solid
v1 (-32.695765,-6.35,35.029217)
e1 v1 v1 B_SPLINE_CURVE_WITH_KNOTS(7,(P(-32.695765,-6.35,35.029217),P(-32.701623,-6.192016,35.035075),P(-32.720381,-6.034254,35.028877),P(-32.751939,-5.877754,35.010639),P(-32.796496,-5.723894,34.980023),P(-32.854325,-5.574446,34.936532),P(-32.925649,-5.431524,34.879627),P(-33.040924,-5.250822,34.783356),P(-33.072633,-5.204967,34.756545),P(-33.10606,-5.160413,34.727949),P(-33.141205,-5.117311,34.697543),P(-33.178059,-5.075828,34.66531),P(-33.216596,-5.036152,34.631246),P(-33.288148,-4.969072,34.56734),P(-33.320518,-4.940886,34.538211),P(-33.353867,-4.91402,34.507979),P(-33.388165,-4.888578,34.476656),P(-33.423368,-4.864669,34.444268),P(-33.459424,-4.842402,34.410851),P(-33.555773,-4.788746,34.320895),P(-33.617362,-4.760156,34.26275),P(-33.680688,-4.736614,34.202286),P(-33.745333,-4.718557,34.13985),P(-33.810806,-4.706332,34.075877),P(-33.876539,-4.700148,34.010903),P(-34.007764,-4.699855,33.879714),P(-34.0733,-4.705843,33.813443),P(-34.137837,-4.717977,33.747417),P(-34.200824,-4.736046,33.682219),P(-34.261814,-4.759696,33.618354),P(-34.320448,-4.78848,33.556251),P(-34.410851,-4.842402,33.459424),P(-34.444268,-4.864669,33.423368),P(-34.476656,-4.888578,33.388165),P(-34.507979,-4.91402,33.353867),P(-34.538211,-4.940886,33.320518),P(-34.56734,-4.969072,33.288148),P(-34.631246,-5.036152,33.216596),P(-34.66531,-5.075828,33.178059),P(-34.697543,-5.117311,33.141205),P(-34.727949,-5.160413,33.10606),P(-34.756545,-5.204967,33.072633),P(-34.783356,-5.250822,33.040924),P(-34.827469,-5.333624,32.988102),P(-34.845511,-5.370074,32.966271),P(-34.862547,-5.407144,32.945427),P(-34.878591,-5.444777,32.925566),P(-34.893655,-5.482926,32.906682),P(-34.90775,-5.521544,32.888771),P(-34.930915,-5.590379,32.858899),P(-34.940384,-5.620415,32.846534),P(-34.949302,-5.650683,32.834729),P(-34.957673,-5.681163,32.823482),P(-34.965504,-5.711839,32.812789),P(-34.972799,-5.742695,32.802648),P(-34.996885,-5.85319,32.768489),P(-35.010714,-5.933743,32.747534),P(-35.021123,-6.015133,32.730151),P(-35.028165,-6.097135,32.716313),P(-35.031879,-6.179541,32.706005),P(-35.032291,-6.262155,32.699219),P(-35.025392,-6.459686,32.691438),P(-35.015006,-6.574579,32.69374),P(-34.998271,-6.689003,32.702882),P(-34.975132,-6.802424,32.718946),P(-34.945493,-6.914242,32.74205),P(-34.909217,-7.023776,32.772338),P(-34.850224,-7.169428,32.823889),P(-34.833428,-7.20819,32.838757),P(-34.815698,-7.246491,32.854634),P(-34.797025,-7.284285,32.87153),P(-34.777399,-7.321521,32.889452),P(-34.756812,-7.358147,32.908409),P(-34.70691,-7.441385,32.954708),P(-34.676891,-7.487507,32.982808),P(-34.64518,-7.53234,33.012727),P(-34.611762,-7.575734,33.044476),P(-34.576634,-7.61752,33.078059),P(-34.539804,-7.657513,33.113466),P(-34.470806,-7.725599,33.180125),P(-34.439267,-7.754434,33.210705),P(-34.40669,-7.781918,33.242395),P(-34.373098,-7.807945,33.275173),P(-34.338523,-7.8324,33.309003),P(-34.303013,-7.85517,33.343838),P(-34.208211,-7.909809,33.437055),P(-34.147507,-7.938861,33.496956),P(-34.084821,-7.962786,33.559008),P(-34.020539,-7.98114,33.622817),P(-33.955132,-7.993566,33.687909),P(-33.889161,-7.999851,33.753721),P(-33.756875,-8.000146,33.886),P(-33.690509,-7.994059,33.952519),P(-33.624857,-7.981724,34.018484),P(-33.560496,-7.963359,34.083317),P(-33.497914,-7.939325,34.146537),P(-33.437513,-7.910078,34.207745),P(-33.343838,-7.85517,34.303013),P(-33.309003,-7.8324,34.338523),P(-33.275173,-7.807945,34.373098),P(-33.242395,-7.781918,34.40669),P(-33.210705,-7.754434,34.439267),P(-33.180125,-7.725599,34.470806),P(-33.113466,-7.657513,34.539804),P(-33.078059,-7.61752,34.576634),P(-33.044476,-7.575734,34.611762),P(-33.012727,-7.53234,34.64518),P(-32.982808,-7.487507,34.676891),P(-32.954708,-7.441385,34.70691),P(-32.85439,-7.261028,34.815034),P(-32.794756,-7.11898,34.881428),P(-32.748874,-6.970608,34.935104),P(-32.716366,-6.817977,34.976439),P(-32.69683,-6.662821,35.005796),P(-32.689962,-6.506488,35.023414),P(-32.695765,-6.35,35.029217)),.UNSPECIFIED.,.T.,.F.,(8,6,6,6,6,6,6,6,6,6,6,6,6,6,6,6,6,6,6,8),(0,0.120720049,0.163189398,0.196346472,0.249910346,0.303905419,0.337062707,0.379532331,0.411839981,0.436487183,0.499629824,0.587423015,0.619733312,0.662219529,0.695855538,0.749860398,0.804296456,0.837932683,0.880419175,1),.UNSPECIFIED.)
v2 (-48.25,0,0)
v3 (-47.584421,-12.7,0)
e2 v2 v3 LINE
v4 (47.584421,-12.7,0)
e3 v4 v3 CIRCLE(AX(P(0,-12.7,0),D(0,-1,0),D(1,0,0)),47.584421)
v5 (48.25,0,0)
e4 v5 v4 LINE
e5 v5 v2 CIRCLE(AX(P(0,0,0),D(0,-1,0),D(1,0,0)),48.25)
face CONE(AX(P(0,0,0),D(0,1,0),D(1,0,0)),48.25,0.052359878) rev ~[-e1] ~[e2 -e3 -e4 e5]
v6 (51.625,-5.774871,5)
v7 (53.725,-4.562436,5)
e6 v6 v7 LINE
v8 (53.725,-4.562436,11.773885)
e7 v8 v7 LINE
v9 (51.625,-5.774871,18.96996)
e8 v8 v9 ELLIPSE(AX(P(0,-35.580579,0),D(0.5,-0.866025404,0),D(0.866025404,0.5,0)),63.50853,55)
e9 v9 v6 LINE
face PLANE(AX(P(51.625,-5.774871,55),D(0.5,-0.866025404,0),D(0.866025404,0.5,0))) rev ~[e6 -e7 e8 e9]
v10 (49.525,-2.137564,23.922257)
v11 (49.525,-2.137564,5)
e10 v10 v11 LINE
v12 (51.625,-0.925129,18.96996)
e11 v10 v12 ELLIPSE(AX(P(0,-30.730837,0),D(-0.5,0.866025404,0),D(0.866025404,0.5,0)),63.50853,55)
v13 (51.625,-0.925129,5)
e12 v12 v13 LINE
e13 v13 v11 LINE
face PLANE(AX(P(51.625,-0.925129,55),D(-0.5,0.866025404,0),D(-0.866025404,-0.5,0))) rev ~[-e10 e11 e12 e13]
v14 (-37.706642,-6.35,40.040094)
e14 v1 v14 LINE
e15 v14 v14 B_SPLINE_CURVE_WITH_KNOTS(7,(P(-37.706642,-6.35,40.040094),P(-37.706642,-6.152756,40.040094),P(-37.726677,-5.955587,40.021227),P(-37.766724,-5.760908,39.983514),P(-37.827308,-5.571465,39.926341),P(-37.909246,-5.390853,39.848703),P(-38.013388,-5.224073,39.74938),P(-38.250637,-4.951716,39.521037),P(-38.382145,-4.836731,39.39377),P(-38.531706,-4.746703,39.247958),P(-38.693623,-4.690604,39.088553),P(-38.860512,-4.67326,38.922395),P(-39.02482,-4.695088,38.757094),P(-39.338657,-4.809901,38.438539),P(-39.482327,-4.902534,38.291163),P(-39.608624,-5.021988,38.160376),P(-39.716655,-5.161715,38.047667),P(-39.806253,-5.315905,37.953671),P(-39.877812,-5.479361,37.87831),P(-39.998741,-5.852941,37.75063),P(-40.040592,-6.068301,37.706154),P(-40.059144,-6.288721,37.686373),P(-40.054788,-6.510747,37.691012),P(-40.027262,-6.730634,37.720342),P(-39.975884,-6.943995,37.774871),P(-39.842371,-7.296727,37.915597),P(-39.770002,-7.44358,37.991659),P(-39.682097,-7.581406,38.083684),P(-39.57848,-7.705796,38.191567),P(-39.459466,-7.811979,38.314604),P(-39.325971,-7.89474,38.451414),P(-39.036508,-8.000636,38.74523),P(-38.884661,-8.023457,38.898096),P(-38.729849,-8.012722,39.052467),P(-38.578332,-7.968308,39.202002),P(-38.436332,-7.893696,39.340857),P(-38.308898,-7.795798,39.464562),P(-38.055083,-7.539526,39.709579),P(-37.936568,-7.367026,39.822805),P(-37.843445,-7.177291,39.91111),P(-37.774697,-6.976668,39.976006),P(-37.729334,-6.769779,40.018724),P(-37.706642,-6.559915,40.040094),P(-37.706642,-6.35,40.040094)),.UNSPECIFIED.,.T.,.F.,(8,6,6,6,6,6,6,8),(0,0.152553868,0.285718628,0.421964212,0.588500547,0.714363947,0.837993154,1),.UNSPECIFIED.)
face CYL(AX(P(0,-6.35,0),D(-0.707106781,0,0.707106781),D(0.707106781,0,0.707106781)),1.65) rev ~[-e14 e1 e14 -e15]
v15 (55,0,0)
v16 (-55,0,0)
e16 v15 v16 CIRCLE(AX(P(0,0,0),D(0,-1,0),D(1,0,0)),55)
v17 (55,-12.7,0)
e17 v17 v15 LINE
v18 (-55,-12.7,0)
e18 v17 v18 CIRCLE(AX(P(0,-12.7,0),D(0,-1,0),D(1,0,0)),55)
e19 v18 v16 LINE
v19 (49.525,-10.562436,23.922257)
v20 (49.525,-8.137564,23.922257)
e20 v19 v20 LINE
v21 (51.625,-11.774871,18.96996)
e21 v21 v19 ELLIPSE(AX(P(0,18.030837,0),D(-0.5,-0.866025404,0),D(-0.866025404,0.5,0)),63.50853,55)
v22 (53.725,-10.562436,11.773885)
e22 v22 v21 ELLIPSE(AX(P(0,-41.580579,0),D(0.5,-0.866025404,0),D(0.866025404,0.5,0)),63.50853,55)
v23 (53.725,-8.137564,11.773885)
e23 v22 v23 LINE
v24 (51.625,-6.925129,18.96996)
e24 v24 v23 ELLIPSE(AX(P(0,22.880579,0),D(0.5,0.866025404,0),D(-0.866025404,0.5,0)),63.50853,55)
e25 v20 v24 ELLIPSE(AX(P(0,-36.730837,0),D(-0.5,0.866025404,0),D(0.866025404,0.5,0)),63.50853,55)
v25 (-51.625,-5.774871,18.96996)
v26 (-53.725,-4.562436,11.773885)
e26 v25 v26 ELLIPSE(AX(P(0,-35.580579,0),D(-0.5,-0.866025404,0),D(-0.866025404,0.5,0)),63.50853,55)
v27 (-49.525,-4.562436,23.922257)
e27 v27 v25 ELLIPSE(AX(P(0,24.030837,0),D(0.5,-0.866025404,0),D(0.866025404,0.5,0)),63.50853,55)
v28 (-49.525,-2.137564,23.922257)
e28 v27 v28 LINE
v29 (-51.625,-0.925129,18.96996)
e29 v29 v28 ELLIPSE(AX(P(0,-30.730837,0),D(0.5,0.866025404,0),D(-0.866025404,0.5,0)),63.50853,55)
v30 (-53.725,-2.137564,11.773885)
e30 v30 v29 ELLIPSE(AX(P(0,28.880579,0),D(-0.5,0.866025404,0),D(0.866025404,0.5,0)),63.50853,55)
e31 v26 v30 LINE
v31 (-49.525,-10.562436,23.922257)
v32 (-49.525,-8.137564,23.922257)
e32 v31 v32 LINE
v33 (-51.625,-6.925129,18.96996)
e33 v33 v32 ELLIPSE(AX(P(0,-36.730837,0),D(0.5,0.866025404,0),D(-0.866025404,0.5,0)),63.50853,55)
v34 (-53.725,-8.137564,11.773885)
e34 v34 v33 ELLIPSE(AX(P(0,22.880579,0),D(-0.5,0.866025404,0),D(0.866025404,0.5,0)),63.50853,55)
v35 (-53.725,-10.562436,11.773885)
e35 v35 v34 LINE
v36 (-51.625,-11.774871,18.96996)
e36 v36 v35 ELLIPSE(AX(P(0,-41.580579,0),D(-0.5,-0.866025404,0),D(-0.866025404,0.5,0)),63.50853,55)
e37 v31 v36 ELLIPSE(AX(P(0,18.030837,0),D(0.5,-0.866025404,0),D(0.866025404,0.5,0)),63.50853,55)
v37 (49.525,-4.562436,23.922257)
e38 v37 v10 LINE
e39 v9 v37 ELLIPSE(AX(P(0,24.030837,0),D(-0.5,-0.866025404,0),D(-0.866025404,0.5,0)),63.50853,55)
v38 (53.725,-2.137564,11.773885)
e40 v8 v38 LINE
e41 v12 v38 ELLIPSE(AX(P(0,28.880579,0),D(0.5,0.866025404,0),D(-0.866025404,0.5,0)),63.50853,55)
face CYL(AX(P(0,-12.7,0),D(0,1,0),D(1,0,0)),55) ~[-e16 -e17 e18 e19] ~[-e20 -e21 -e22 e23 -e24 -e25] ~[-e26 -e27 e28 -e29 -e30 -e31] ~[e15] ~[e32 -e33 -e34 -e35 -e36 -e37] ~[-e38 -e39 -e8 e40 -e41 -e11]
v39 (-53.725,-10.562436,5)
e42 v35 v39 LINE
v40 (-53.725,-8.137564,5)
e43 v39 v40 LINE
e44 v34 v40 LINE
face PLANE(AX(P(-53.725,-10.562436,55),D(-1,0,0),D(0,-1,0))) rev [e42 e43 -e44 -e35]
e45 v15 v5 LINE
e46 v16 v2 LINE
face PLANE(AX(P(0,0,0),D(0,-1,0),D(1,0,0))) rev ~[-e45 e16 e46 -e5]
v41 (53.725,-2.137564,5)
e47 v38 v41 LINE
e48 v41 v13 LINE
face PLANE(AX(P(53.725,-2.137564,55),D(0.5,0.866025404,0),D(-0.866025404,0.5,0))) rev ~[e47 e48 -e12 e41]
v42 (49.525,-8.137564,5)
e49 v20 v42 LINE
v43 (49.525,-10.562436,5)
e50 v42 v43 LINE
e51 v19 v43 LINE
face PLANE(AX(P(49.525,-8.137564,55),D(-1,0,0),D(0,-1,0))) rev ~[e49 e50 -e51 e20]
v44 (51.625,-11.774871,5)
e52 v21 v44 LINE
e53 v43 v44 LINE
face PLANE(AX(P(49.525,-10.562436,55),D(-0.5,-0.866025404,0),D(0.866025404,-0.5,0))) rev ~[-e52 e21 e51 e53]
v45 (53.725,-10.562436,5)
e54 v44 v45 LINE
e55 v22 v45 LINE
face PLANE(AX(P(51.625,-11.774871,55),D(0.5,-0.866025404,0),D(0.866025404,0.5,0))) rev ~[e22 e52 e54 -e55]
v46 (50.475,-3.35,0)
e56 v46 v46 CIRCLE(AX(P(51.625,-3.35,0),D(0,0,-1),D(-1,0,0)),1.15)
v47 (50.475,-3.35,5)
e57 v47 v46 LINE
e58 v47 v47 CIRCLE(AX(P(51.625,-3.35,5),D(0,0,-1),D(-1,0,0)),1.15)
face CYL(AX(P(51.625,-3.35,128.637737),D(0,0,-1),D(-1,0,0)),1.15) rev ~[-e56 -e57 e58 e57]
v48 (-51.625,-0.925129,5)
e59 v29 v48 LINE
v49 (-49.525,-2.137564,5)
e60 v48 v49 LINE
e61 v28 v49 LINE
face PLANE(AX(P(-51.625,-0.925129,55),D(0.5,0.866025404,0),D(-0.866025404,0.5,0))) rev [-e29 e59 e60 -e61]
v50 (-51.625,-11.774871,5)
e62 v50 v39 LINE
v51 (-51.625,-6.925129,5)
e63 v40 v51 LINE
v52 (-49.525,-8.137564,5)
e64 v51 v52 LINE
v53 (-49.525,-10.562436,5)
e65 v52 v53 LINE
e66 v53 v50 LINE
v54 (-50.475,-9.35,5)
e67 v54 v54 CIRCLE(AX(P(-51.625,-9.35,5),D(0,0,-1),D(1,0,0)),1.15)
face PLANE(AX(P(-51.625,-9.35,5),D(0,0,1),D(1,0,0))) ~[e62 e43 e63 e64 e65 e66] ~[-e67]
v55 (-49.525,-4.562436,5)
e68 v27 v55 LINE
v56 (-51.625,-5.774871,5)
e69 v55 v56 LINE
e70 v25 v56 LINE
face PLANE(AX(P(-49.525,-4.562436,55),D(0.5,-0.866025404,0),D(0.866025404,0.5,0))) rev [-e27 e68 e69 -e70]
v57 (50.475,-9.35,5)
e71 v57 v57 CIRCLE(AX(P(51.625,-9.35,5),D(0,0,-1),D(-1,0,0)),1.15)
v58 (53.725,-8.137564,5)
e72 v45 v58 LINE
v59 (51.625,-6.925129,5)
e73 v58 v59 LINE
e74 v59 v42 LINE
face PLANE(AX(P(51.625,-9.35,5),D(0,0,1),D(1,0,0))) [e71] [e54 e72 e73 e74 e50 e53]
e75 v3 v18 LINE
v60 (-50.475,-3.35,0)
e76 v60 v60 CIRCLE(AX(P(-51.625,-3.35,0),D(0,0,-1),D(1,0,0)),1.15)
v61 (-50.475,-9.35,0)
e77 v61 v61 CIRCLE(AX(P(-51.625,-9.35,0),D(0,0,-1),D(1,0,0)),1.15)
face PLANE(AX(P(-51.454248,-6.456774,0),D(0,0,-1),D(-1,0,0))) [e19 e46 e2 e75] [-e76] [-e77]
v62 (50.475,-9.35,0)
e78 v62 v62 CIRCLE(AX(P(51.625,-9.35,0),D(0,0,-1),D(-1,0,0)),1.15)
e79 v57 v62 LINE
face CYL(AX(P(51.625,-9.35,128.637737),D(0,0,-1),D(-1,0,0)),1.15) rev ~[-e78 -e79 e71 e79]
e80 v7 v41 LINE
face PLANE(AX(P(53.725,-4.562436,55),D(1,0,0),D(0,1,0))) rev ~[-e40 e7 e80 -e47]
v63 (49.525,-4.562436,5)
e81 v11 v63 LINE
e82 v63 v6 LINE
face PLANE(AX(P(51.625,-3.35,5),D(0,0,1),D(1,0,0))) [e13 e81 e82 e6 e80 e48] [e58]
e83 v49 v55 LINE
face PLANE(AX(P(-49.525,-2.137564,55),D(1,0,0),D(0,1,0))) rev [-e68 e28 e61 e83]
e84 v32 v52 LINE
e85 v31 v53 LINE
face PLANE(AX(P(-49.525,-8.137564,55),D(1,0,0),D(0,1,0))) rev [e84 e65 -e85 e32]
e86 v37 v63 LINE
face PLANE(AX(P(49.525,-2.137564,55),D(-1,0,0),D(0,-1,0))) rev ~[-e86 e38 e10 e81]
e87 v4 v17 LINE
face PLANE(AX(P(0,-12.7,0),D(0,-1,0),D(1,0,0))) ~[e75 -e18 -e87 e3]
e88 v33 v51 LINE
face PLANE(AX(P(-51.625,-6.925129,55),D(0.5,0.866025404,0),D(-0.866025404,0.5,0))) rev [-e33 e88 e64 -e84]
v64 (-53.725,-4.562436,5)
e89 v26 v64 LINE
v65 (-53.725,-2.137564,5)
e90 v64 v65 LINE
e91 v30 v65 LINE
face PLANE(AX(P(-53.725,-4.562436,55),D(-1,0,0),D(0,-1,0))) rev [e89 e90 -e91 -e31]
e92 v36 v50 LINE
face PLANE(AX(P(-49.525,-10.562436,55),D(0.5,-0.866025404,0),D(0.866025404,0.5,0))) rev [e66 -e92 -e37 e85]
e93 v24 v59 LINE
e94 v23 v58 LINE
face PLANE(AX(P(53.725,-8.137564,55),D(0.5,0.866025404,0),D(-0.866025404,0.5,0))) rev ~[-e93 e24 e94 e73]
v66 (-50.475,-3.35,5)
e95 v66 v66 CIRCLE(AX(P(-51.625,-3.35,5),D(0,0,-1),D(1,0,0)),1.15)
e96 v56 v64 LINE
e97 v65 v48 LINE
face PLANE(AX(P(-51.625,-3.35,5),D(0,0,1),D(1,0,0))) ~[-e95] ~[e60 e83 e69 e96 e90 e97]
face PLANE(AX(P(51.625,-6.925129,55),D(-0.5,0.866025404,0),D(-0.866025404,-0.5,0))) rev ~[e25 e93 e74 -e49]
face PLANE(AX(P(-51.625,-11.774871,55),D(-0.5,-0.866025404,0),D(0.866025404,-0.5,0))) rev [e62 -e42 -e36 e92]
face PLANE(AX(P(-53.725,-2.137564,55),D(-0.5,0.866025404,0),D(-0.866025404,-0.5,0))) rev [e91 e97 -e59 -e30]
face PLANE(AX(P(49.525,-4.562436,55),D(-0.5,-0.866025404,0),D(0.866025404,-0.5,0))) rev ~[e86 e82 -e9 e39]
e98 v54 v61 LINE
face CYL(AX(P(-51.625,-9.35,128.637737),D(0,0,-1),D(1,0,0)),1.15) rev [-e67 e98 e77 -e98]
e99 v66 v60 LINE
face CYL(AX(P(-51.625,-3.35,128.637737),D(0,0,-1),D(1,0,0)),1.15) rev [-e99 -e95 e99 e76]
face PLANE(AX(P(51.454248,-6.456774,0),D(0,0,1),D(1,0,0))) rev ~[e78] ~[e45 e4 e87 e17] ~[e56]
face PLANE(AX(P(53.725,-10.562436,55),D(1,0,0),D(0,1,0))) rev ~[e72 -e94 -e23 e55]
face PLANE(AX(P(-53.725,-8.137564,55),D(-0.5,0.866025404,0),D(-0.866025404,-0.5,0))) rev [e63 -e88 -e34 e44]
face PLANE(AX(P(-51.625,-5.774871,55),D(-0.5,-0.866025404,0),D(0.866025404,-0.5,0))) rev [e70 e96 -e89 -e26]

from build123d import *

# Parameters (mm, degrees)
REVOLVE2_ANGLE        = 180
CUT_EXTRUDE1_DEPTH    = 50
F_2_0MM_DOWEL_HOLE1_D = 2.3
SKETCH13_R            = 1.65
CUT_EXTRUDE2_DEPTH    = 100


with BuildPart() as part:
    # Sketch3 → Revolve2 (revolve)
    with BuildSketch(Plane.XY):
        Polygon((48.25, 0), (47.584421203, -12.7), (55, -12.7), (55, 0), align=None)
    revolve(axis=Axis((0, 50.355486862, 0), (0, -1, 0)), revolution_arc=REVOLVE2_ANGLE)

    # Sketch9 → Cut-Extrude1 (cut)
    with BuildSketch(Plane.XY.offset(55)):
        Polygon((53.725, -4.562435565), (53.725, -2.137564435), (51.625, -0.925128869), (49.525, -2.137564435), (49.525, -4.562435565), (51.625, -5.774871131), align=None)
        Polygon((53.725, -10.562435565), (53.725, -8.137564435), (51.625, -6.925128869), (49.525, -8.137564435), (49.525, -10.562435565), (51.625, -11.774871131), align=None)
    cut_extrude1 = extrude(amount=-CUT_EXTRUDE1_DEPTH, mode=Mode.SUBTRACT)

    # Ø2.0mm Dowel Hole1 (through all)
    with Locations(Plane.XY.offset(5)):
        with Locations((51.625, -9.35), (51.625, -3.35)):
            f_2_0mm_dowel_hole1 = Hole(F_2_0MM_DOWEL_HOLE1_D / 2)

    # Mirror2: Cut-Extrude1, Ø2.0mm Dowel Hole1 across plane
    add(cut_extrude1.mirror(Plane(origin=(0, 0, 0), x_dir=(0, 0, 1), z_dir=(1, 0, 0))), mode=Mode.SUBTRACT)
    add(f_2_0mm_dowel_hole1.mirror(Plane(origin=(0, 0, 0), x_dir=(0, 0, 1), z_dir=(1, 0, 0))), mode=Mode.SUBTRACT)

    # Sketch13 → Cut-Extrude2 (cut, symmetric)
    with BuildSketch(Plane(origin=(0, 0, 0), x_dir=(0.707106781, 0, 0.707106781), z_dir=(-0.707106781, 0, 0.707106781))):
        with Locations((0, -6.35)):
            Circle(SKETCH13_R)
    extrude(amount=CUT_EXTRUDE2_DEPTH, both=True, mode=Mode.SUBTRACT)


solid = part.part
